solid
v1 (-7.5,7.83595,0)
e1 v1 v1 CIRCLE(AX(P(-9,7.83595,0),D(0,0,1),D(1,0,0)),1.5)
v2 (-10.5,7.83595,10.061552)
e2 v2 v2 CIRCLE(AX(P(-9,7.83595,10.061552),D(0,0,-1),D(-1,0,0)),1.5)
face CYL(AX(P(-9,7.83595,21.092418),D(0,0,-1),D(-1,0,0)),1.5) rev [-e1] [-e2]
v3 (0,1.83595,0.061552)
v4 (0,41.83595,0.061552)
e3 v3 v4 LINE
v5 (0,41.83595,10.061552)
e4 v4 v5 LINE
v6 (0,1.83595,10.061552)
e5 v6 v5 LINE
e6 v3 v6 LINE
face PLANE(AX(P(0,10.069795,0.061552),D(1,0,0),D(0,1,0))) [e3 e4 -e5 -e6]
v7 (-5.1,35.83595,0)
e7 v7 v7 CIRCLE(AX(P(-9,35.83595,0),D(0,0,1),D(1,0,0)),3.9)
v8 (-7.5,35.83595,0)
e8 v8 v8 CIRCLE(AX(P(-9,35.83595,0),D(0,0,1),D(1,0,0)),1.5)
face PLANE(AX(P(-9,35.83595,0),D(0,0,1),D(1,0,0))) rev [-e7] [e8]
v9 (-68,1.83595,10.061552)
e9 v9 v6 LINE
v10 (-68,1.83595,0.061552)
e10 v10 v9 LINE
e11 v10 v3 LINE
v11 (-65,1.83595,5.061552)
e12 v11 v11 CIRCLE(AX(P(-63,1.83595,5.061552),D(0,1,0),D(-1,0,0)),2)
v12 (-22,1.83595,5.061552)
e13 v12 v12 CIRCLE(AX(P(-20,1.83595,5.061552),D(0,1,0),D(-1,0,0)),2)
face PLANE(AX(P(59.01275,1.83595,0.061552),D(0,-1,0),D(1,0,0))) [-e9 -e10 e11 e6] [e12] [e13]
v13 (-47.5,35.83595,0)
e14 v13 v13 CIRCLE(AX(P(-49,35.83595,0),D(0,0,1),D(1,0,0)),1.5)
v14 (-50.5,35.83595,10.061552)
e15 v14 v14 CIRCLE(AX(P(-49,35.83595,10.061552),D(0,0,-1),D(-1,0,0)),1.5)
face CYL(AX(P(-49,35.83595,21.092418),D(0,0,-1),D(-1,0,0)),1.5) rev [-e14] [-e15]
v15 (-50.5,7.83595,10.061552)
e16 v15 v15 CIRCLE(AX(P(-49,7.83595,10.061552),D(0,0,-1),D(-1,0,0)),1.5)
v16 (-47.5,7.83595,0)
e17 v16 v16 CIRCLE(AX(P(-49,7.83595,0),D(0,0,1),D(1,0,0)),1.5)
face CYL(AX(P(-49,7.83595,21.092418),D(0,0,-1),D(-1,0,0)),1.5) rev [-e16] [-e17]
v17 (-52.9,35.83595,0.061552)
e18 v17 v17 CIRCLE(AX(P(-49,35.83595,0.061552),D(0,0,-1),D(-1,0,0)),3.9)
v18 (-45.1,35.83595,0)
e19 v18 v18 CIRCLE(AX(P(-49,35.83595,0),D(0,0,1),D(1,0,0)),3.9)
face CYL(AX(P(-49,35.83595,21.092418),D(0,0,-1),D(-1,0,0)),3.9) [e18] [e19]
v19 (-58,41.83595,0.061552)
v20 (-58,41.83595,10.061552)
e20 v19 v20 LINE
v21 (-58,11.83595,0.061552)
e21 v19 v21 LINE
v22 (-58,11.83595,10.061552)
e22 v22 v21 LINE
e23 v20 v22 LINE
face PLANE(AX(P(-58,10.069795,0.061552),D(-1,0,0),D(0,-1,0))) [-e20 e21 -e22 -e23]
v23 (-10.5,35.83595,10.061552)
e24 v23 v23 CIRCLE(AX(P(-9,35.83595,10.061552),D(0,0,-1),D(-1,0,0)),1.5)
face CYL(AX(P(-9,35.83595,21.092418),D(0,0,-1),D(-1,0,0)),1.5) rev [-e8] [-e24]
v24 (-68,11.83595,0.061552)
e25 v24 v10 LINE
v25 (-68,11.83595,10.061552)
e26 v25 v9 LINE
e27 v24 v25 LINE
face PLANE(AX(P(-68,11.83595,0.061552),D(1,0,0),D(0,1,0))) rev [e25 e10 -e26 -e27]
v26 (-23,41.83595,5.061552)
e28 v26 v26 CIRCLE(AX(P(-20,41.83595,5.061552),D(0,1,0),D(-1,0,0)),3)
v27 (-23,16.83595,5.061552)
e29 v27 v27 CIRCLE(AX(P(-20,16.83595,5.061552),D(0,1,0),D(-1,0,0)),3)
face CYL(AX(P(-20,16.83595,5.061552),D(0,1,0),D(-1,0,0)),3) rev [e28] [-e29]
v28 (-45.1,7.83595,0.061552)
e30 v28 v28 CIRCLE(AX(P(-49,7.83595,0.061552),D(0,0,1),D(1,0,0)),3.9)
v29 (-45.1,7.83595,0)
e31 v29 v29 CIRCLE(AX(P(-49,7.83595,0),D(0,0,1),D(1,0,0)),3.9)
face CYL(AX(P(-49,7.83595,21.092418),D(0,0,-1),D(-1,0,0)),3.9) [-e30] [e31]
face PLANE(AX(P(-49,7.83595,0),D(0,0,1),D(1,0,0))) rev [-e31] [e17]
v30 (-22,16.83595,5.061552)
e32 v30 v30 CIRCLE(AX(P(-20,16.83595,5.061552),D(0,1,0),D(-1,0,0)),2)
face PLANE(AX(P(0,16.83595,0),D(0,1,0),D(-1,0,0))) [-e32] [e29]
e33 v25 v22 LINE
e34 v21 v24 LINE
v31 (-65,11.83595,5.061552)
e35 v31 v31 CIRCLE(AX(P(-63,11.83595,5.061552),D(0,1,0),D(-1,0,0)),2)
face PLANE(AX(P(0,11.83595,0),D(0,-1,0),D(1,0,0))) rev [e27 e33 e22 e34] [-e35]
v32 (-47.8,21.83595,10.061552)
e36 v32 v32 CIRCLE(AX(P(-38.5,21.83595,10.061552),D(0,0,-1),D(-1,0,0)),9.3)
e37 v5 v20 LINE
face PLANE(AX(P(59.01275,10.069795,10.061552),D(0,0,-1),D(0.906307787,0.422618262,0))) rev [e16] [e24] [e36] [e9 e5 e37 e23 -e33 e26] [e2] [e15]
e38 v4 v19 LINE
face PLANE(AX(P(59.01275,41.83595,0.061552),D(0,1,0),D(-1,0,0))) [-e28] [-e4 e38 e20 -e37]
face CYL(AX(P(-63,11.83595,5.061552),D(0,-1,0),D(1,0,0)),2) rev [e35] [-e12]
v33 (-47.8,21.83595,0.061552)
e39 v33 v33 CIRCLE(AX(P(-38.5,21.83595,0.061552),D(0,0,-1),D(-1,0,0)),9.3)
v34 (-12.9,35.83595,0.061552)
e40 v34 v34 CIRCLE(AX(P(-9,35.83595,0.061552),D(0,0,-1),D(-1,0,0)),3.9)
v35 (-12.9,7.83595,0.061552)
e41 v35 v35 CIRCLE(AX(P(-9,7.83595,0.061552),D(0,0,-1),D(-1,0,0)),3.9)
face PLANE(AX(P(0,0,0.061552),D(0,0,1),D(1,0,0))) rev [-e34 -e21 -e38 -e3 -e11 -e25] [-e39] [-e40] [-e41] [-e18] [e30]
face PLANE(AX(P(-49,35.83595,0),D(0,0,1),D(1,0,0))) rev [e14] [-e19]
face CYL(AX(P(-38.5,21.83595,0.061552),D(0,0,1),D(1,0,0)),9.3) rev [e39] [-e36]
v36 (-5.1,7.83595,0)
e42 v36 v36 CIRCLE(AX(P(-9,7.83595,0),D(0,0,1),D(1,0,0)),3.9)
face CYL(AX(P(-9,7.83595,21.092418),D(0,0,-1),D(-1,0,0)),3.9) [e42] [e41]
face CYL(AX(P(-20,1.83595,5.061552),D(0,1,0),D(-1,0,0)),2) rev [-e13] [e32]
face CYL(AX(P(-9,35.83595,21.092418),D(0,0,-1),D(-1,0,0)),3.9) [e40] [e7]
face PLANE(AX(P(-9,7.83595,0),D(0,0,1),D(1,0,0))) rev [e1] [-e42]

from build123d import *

# Parameters (mm, degrees)
SKETCH1_R             = 3.9
SKETCH1_R_2           = 1.5
BOSS_EXTRUDE1_DEPTH   = 10.061552014
BOSS_EXTRUDE1_2_DEPTH = 10.061552014
BOSS_EXTRUDE1_3_DEPTH = 10.061552014
BOSS_EXTRUDE1_4_DEPTH = 10.061552014
BOSS_EXTRUDE2_START   = 1.861552
SKETCH2_R             = 3.9
SKETCH2_R_2           = 9.3
BOSS_EXTRUDE2_DEPTH   = 10
CUT_EXTRUDE1_DEPTH    = 25
CUT_EXTRUDE2_DEPTH    = 72.170463178
SKETCH5_W             = 10
SKETCH5_H             = 10
SKETCH5_R             = 2
BOSS_EXTRUDE3_DEPTH   = 10


with BuildPart() as part:
    # Sketch1 → Boss-Extrude1 (new body)
    with BuildSketch(Plane.XY):
        with Locations(Location((-49, 7.83595021, 0), (0, 0, 180))):
            Circle(SKETCH1_R)
        with Locations(Location((-49, 7.83595021, 0), (0, 0, 180))):
            Circle(SKETCH1_R_2, mode=Mode.SUBTRACT)
    extrude(amount=BOSS_EXTRUDE1_DEPTH)



with BuildPart() as body_2:
    # Sketch1 → Boss-Extrude1 2 (new body)
    with BuildSketch(Plane.XY):
        with Locations(Location((-49, 35.83595021, 0), (0, 0, 180))):
            Circle(SKETCH1_R)
        with Locations(Location((-49, 35.83595021, 0), (0, 0, 180))):
            Circle(SKETCH1_R_2, mode=Mode.SUBTRACT)
    extrude(amount=BOSS_EXTRUDE1_2_DEPTH)


with BuildPart() as body_3:
    # Sketch1 → Boss-Extrude1 3 (new body)
    with BuildSketch(Plane.XY):
        with Locations(Location((-9, 35.83595021, 0), (0, 0, 180))):
            Circle(SKETCH1_R)
        with Locations(Location((-9, 35.83595021, 0), (0, 0, 180))):
            Circle(SKETCH1_R_2, mode=Mode.SUBTRACT)
    extrude(amount=BOSS_EXTRUDE1_3_DEPTH)


with BuildPart() as body_4:
    # Sketch1 → Boss-Extrude1 4 (new body)
    with BuildSketch(Plane.XY):
        with Locations(Location((-9, 7.83595021, 0), (0, 0, 180))):
            Circle(SKETCH1_R)
        with Locations(Location((-9, 7.83595021, 0), (0, 0, 180))):
            Circle(SKETCH1_R_2, mode=Mode.SUBTRACT)
    extrude(amount=BOSS_EXTRUDE1_4_DEPTH)


with BuildPart() as part_1:
    add(part.part)

    add(body_2.part)  # Boss-Extrude2 merges body 2

    add(body_3.part)  # Boss-Extrude2 merges body 3

    add(body_4.part)  # Boss-Extrude2 merges body 4
    # Sketch2 → Boss-Extrude2 (add)
    with BuildSketch(Plane.XY.offset(-1.8).offset(BOSS_EXTRUDE2_START)):
        Polygon((-58, 1.83595021), (0, 1.83595021), (0, 5.290014366), (0, 38.441339865), (0, 41.83595021), (-58, 41.83595021), align=None)
        with Locations(Location((-9, 35.83595021, 0), (0, 0, 180))):
            Circle(SKETCH2_R, mode=Mode.SUBTRACT)
        with Locations((-49, 7.83595021)):
            Circle(SKETCH2_R, mode=Mode.SUBTRACT)
        with Locations(Location((-38.5, 21.83595021, 0), (0, 0, 180))):
            Circle(SKETCH2_R_2, mode=Mode.SUBTRACT)
        with Locations(Location((-49, 35.83595021, 0), (0, 0, 180))):
            Circle(SKETCH2_R, mode=Mode.SUBTRACT)
        with Locations(Location((-9, 7.83595021, 0), (0, 0, 180))):
            Circle(SKETCH2_R, mode=Mode.SUBTRACT)
    extrude(amount=BOSS_EXTRUDE2_DEPTH)

    # Sketch4 → Cut-Extrude1 (cut)
    with BuildSketch(Plane(origin=(0, 41.83595021, 0), x_dir=(1, 0, 0), z_dir=(0, 1, 0))):
        with BuildLine():
            ThreePointArc((-23, -5.061552014), (-20, -8.061552014), (-17, -5.061552014))
            Line((-17, -5.061552014), (-18, -5.061552014))
            ThreePointArc((-18, -5.061552014), (-20, -7.061552014), (-22, -5.061552014))
            Line((-22, -5.061552014), (-23, -5.061552014))
        make_face()
        with BuildLine():
            Line((-18, -5.061552014), (-17, -5.061552014))
            ThreePointArc((-17, -5.061552014), (-20, -2.061552014), (-23, -5.061552014))
            Line((-23, -5.061552014), (-22, -5.061552014))
            ThreePointArc((-22, -5.061552014), (-20, -3.061552014), (-18, -5.061552014))
        make_face()
        with BuildLine():
            ThreePointArc((-22, -5.061552014), (-20, -7.061552014), (-18, -5.061552014))
            Line((-18, -5.061552014), (-22, -5.061552014))
        make_face()
        with BuildLine():
            Line((-22, -5.061552014), (-18, -5.061552014))
            ThreePointArc((-18, -5.061552014), (-20, -3.061552014), (-22, -5.061552014))
        make_face()
    extrude(amount=-CUT_EXTRUDE1_DEPTH, mode=Mode.SUBTRACT)

    # Sketch4<3> → Cut-Extrude2 (cut, through all)
    with BuildSketch(Plane(origin=(0, 41.83595021, 0), x_dir=(1, 0, 0), z_dir=(0, 1, 0))):
        with BuildLine():
            ThreePointArc((-22, -5.061552014), (-20, -7.061552014), (-18, -5.061552014))
            Line((-18, -5.061552014), (-22, -5.061552014))
        make_face()
        with BuildLine():
            Line((-22, -5.061552014), (-18, -5.061552014))
            ThreePointArc((-18, -5.061552014), (-20, -3.061552014), (-22, -5.061552014))
        make_face()
    extrude(amount=-CUT_EXTRUDE2_DEPTH, mode=Mode.SUBTRACT)

    # Sketch5 → Boss-Extrude3 (add)
    with BuildSketch(Plane(origin=(0, 1.83595021, 0), x_dir=(1, 0, 0), z_dir=(0, 1, 0))):
        with Locations((-63, -5.061552014)):
            Rectangle(SKETCH5_W, SKETCH5_H)
        with Locations(Location((-63, -5.061552014, 0), (0, 0, 180))):
            Circle(SKETCH5_R, mode=Mode.SUBTRACT)
    extrude(amount=BOSS_EXTRUDE3_DEPTH)


solid = part_1.part
